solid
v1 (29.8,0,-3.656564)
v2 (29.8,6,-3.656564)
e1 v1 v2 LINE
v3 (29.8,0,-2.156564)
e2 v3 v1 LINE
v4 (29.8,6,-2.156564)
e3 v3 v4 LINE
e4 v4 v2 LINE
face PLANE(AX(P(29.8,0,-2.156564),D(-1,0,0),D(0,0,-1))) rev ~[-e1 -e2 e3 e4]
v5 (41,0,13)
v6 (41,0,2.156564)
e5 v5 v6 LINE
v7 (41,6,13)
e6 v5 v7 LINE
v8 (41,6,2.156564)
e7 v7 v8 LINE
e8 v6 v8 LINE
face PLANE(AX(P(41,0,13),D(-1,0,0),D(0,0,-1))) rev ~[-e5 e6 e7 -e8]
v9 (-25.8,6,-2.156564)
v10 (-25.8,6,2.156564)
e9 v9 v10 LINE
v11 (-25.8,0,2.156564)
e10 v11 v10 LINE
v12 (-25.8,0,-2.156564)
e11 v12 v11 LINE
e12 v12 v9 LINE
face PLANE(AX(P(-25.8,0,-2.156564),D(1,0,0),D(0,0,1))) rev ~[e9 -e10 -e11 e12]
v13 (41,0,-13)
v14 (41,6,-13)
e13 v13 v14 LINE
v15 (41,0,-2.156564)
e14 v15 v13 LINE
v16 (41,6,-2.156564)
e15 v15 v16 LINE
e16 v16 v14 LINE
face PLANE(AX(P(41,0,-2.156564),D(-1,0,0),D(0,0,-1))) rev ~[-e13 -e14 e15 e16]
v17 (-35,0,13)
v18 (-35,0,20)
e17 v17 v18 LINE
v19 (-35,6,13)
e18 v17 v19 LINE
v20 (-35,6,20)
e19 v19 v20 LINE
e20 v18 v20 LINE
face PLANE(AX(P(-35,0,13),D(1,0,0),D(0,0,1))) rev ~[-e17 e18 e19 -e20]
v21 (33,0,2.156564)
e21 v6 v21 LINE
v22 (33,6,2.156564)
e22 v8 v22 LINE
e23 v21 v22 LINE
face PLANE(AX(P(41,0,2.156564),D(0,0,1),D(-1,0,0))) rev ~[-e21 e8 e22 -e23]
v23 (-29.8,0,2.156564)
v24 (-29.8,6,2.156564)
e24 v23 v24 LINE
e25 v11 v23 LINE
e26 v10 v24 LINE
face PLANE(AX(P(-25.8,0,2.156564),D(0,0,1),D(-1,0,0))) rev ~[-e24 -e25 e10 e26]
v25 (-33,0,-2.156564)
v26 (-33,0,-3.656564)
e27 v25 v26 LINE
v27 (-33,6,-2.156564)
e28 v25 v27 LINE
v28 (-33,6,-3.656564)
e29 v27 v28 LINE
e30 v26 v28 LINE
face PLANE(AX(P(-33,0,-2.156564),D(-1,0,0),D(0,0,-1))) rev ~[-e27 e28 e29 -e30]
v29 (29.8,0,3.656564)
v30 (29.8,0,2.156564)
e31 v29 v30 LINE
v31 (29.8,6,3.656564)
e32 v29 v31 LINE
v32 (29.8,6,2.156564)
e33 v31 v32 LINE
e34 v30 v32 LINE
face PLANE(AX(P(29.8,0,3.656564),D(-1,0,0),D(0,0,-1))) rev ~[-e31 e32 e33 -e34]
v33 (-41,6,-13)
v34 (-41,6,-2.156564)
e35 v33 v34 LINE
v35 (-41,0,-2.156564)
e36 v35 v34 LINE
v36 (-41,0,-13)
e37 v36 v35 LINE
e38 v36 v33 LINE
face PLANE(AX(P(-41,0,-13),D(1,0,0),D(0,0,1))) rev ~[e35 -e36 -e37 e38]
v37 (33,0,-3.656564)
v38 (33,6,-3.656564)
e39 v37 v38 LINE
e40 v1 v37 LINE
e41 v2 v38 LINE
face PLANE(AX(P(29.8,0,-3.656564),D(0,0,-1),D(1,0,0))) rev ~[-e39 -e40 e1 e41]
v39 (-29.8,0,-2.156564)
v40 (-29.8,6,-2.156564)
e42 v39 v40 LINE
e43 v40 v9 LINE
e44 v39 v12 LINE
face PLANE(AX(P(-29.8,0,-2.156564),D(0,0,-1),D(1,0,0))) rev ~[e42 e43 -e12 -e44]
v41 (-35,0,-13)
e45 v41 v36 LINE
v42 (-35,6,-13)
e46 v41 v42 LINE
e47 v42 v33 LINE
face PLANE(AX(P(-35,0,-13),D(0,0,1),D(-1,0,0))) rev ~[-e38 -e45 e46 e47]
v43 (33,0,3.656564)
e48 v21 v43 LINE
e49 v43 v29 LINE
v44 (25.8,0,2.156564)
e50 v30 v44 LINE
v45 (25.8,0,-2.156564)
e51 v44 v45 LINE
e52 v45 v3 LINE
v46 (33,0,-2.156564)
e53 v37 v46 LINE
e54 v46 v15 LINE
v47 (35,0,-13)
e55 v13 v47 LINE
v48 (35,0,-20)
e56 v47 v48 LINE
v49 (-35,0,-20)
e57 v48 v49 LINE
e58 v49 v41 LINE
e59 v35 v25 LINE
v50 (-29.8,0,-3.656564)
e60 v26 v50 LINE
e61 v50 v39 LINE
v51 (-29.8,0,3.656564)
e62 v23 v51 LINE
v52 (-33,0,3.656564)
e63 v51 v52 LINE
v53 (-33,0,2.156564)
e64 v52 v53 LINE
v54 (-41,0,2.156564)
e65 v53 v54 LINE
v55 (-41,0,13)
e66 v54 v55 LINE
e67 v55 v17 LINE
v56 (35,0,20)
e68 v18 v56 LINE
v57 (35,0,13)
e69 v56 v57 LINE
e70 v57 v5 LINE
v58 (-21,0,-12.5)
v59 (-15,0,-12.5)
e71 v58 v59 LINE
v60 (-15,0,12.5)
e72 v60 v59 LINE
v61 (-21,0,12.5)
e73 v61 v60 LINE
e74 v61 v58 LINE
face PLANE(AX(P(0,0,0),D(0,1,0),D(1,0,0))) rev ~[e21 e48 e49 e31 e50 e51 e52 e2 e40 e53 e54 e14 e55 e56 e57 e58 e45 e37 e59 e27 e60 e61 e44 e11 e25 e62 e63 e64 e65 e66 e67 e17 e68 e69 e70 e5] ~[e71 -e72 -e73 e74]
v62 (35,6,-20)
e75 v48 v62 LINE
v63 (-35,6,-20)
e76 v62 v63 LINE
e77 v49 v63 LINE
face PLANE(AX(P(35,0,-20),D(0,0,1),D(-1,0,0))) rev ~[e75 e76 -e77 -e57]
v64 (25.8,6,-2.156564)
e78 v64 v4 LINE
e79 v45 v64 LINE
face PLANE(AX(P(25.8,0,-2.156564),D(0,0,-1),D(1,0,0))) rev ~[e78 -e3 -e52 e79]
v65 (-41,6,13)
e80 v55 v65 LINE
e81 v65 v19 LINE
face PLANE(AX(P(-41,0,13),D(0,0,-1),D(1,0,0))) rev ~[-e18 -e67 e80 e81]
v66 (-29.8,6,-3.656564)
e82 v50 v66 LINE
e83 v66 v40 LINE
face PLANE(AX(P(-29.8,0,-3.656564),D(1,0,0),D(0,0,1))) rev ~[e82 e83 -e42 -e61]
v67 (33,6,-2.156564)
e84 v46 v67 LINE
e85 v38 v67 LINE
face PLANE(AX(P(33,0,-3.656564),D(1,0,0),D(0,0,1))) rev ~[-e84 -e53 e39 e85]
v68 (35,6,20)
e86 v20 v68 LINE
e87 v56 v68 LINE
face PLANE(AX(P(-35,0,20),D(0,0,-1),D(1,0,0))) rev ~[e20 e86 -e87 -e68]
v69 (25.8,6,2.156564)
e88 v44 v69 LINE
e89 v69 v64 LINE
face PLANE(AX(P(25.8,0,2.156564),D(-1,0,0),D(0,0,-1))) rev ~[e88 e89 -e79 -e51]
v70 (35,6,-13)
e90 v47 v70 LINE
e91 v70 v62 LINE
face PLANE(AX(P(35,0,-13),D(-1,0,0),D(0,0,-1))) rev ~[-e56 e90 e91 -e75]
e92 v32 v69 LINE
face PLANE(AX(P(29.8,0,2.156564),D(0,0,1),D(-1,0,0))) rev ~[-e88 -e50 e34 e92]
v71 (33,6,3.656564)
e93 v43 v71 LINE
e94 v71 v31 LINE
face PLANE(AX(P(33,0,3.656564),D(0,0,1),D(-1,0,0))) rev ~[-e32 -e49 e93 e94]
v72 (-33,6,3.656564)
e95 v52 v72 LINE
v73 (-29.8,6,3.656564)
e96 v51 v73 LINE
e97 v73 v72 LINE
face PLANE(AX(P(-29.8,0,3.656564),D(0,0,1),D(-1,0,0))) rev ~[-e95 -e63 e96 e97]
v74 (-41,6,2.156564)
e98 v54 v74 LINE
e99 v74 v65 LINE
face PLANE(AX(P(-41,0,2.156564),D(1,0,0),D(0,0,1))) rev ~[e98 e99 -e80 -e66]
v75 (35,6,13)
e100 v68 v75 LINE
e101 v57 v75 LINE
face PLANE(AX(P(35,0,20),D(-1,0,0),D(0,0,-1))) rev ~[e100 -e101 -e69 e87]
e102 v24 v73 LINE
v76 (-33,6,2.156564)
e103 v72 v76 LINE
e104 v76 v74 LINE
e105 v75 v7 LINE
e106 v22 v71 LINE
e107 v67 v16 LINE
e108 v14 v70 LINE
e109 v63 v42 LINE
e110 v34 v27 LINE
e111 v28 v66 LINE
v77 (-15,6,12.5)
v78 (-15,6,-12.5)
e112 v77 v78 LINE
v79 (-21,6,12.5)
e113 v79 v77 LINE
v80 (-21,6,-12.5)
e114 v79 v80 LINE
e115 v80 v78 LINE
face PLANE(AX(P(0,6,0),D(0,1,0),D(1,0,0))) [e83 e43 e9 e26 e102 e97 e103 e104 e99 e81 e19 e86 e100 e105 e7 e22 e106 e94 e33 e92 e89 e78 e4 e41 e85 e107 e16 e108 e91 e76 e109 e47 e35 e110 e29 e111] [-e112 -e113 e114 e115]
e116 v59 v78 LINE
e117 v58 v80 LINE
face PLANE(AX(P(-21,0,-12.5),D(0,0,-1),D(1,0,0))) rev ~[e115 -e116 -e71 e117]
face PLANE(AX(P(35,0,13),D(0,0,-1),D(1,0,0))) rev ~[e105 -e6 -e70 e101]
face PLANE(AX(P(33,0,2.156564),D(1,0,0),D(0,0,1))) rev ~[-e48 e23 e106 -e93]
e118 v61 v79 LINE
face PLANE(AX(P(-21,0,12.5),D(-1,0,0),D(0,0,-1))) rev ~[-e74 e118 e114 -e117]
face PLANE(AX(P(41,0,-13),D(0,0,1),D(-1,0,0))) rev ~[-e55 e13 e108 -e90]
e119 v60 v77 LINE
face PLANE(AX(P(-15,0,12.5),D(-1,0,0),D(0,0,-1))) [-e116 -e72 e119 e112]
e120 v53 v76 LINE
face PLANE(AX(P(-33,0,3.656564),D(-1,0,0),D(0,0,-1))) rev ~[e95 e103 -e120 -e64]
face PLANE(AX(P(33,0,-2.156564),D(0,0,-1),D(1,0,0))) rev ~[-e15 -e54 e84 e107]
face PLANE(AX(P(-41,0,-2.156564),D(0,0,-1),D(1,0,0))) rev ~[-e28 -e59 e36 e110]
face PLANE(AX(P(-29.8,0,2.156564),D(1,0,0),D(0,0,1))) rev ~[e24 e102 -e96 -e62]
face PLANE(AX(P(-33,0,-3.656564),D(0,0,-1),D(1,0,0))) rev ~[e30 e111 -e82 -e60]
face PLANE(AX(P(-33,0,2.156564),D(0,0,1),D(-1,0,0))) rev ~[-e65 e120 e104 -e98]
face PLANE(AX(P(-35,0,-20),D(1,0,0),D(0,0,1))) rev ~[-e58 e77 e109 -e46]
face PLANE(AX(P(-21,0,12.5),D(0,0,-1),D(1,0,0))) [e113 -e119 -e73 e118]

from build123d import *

# Parameters (mm, degrees)
SKETCH1_W           = 6
SKETCH1_H           = 25
BOSS_EXTRUDE1_DEPTH = 6


with BuildPart() as part:
    # Sketch1 → Boss-Extrude1 (new body)
    with BuildSketch(Plane(origin=(0, 0, 0), x_dir=(1, 0, 0), z_dir=(0, 1, 0))):
        Polygon((35, 20), (-35, 20), (-35, 13), (-41, 13), (-41, 2.156563888), (-33, 2.156563888), (-33, 3.656563888), (-29.8, 3.656563888), (-29.8, 2.156563888), (-25.8, 2.156563888), (-25.8, 1.843436112), (-25.8, -1.843436112), (-25.8, -2.156563888), (-29.8, -2.156563888), (-29.8, -3.656563888), (-33, -3.656563888), (-33, -2.156563888), (-41, -2.156563888), (-41, -13), (-35, -13), (-35, -20), (35, -20), (35, -13), (41, -13), (41, -2.156563888), (33, -2.156563888), (33, -3.656563888), (29.8, -3.656563888), (29.8, -2.156563888), (25.8, -2.156563888), (25.8, -1.843436112), (25.8, 1.843436112), (25.8, 2.156563888), (29.8, 2.156563888), (29.8, 3.656563888), (33, 3.656563888), (33, 2.156563888), (41, 2.156563888), (41, 13), (35, 13), align=None)
        with Locations((-18, 0)):
            Rectangle(SKETCH1_W, SKETCH1_H, mode=Mode.SUBTRACT)
    extrude(amount=BOSS_EXTRUDE1_DEPTH)


solid = part.part
